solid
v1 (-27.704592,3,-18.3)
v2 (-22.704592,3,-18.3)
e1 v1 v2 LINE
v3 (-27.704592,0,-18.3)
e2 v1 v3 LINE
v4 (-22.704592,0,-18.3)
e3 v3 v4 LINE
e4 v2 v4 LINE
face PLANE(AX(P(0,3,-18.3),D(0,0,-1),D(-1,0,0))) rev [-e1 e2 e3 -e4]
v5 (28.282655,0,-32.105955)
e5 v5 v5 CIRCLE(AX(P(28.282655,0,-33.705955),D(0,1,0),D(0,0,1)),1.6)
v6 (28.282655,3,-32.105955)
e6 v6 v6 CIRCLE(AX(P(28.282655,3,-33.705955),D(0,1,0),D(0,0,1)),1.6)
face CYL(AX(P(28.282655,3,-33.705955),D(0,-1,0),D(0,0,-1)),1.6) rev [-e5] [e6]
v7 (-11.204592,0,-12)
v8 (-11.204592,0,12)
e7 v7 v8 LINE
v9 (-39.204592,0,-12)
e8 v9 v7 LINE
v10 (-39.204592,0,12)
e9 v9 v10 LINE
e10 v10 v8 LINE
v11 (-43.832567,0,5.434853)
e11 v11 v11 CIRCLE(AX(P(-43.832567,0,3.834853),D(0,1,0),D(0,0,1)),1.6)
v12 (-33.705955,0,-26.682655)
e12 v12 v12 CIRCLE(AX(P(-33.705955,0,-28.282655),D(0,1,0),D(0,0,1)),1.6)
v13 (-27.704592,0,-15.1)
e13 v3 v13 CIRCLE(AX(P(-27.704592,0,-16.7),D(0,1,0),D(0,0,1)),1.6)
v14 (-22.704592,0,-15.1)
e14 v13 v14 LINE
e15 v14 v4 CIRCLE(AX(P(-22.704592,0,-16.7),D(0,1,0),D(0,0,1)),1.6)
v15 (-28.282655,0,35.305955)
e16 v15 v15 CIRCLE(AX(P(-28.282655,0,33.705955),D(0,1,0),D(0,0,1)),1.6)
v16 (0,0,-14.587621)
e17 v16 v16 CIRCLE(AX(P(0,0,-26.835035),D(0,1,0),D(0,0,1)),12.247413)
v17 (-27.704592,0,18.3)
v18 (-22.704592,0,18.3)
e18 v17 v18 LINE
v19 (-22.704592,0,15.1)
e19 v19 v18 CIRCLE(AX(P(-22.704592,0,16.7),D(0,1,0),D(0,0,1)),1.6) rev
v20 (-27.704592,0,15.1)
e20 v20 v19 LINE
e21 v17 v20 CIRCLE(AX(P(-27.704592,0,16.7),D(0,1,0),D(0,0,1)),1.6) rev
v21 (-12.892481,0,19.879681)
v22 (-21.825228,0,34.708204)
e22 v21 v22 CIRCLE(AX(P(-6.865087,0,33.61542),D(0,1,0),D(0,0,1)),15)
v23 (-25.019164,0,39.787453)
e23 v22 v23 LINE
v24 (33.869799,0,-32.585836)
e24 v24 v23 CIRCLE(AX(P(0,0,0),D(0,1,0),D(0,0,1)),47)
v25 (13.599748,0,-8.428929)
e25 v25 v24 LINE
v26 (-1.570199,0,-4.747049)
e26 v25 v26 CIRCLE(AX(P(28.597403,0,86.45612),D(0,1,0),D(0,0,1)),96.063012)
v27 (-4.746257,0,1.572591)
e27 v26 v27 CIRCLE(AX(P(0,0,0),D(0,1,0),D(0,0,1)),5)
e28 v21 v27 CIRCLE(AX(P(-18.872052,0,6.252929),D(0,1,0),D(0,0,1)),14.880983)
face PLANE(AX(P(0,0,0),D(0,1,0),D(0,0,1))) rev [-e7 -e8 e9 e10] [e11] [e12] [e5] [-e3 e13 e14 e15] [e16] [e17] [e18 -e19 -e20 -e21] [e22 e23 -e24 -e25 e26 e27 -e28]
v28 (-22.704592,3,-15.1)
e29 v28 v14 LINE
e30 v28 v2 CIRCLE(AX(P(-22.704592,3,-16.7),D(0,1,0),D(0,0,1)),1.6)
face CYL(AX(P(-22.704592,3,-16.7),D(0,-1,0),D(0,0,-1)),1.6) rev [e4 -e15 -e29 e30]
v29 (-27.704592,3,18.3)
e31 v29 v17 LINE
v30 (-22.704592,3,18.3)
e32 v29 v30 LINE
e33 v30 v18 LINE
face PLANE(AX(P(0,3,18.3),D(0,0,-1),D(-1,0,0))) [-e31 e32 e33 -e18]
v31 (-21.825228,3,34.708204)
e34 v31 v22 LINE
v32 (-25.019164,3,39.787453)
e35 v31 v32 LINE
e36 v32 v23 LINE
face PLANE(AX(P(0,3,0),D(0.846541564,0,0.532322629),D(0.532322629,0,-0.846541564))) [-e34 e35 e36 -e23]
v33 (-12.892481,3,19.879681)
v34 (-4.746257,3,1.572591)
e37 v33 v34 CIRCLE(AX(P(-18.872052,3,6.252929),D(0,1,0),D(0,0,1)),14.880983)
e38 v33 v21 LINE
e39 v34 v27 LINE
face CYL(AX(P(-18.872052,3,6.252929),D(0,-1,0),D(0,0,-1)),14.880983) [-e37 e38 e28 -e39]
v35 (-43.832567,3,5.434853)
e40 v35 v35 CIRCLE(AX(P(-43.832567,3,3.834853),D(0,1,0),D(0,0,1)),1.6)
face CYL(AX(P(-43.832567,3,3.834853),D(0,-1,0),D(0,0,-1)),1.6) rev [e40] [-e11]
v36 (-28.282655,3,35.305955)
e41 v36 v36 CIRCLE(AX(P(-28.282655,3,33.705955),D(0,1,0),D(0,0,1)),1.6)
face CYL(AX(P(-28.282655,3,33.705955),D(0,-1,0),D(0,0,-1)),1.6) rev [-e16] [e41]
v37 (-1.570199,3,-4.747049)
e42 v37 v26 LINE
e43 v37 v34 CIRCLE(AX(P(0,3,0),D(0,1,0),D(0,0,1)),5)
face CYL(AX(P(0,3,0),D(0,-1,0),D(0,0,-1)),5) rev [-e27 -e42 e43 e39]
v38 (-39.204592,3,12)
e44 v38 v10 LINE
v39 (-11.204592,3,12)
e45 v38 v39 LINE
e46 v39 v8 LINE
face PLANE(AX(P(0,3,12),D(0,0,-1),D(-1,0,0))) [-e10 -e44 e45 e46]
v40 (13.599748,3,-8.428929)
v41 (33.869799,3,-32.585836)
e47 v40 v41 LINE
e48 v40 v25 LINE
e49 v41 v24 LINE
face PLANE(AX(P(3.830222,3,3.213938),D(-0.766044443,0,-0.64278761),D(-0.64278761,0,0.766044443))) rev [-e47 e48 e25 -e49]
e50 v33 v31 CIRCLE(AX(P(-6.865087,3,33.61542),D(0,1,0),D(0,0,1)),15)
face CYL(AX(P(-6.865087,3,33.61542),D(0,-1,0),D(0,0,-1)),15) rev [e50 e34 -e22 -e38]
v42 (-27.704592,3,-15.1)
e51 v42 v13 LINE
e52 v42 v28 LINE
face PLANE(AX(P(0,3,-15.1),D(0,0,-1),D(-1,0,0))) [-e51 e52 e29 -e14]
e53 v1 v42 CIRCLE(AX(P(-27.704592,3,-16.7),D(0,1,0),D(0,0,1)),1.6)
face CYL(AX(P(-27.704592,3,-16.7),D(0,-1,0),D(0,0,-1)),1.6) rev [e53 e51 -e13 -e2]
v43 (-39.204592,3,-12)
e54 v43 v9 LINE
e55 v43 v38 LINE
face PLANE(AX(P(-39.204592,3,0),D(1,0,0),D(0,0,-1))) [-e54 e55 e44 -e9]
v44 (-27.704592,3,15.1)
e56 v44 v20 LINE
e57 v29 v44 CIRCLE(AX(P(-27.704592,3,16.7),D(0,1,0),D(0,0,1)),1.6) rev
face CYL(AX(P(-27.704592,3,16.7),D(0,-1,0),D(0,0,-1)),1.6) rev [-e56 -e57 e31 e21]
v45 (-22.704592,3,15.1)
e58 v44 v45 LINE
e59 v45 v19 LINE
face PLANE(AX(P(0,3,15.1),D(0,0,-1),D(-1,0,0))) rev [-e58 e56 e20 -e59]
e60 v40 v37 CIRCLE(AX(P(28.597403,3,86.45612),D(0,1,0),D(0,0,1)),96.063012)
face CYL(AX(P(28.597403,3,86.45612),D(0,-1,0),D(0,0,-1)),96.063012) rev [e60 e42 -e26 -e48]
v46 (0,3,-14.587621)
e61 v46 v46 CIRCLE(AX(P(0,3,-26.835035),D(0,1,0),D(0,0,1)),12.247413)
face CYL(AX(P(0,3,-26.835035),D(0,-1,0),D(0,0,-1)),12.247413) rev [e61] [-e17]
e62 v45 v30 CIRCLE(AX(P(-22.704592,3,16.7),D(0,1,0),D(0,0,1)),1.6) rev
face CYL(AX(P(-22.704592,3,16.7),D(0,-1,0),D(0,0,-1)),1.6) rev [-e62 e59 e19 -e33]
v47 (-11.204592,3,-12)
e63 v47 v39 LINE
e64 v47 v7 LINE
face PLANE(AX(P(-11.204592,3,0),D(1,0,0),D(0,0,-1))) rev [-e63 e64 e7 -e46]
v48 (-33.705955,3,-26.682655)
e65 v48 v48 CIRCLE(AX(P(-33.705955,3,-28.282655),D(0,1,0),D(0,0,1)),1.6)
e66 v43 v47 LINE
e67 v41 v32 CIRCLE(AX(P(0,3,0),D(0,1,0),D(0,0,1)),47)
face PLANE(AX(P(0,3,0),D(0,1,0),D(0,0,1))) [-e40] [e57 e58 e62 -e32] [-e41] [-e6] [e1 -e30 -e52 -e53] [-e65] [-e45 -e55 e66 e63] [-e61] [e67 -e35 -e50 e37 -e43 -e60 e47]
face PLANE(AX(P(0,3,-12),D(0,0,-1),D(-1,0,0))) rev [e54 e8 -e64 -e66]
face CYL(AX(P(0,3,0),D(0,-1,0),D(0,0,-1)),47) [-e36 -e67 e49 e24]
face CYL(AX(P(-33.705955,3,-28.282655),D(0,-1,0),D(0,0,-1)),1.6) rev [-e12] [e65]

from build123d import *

# Parameters (mm, degrees)
SKETCH1_R           = 12.247413434
SKETCH1_R_2         = 1.6
BOSS_EXTRUDE1_DEPTH = 3


with BuildPart() as part:
    # Sketch1 → Boss-Extrude1 (new body)
    # profile 1 of 4: a face of its own
    with BuildSketch(Plane(origin=(0, 0, 0), x_dir=(1, 0, 0), z_dir=(0, 1, 0))):
        with BuildLine():
            ThreePointArc((-1.570198622, 4.747049219), (5.939862085, 6.896641641), (13.599748073, 8.42892949))
            Line((13.599748073, 8.42892949), (29.987808283, 27.959459121))
            Line((29.987808283, 27.959459121), (33.869799276, 32.585835834))
            ThreePointArc((33.869799276, 32.585835834), (30.211017655, 36.004088827), (26.209354845, 39.013711931))
            Line((26.209354845, 39.013711931), (22.327363852, 34.387335218))
            ThreePointArc((22.327363852, 34.387335218), (-14.018145326, 38.529100711), (-39.204591568, 12))
            Line((-39.204591568, 12), (-11.204591568, 12))
            Line((-11.204591568, 12), (-11.204591568, -12))
            Line((-11.204591568, -12), (-39.204591568, -12))
            ThreePointArc((-39.204591568, -12), (-32.558798287, -24.918359779), (-21.825227783, -34.708204106))
            ThreePointArc((-21.825227783, -34.708204106), (-19.713839088, -25.875293038), (-12.892481496, -19.879681247))
            ThreePointArc((-12.892481496, -19.879681247), (-5.276324008, -12.302707641), (-4.746257371, -1.572590527))
            ThreePointArc((-4.746257371, -1.572590527), (-4.467534634, 2.245247045), (-1.570198622, 4.747049219))
        make_face()
        with BuildLine():
            Line((-22.704591568, -18.3), (-27.704591568, -18.3))
            ThreePointArc((-27.704591568, -18.3), (-29.304591568, -16.7), (-27.704591568, -15.1))
            Line((-27.704591568, -15.1), (-22.704591568, -15.1))
            ThreePointArc((-22.704591568, -15.1), (-21.104591568, -16.7), (-22.704591568, -18.3))
        make_face(mode=Mode.SUBTRACT)
        with BuildLine():
            ThreePointArc((-27.704591568, 15.1), (-29.304591568, 16.7), (-27.704591568, 18.3))
            Line((-27.704591568, 18.3), (-22.704591568, 18.3))
            ThreePointArc((-22.704591568, 18.3), (-21.104591568, 16.7), (-22.704591568, 15.1))
            Line((-22.704591568, 15.1), (-27.704591568, 15.1))
        make_face(mode=Mode.SUBTRACT)
        with Locations(Location((0, 26.835034763, 0), (0, 0, 270))):
            Circle(SKETCH1_R, mode=Mode.SUBTRACT)
        with Locations(Location((28.282654826, 33.705955497, 0), (0, 0, 270))):
            Circle(SKETCH1_R_2, mode=Mode.SUBTRACT)
    # profile 2 of 4: a face of its own
    with BuildSketch(Plane(origin=(0, 0, 0), x_dir=(1, 0, 0), z_dir=(0, 1, 0))):
        with BuildLine():
            Line((-25.019163556, -39.787453487), (-21.825227783, -34.708204106))
            ThreePointArc((-21.825227783, -34.708204106), (-32.558798287, -24.918359779), (-39.204591568, -12))
            ThreePointArc((-39.204591568, -12), (-41, 0), (-39.204591568, 12))
            ThreePointArc((-39.204591568, 12), (-14.018145326, 38.529100711), (22.327363852, 34.387335218))
            Line((22.327363852, 34.387335218), (26.209354845, 39.013711931))
            ThreePointArc((26.209354845, 39.013711931), (-39.405076534, 25.617180629), (-25.019163556, -39.787453487))
        make_face()
        with Locations(Location((-28.282654826, -33.705955497, 0), (0, 0, 270))):
            Circle(SKETCH1_R_2, mode=Mode.SUBTRACT)
        with Locations(Location((-43.832566716, -3.834852681, 0), (0, 0, 270))):
            Circle(SKETCH1_R_2, mode=Mode.SUBTRACT)
        with Locations(Location((-33.705955497, 28.282654826, 0), (0, 0, 270))):
            Circle(SKETCH1_R_2, mode=Mode.SUBTRACT)
    # profile 3 of 4: a face of its own
    with BuildSketch(Plane(origin=(0, 0, 0), x_dir=(1, 0, 0), z_dir=(0, 1, 0))):
        with BuildLine():
            ThreePointArc((-39.204591568, 12), (-41, 0), (-39.204591568, -12))
            Line((-39.204591568, -12), (-39.204591568, 12))
        make_face()
    # profile 4 of 4: a face of its own
    with BuildSketch(Plane(origin=(0, 0, 0), x_dir=(1, 0, 0), z_dir=(0, 1, 0))):
        with BuildLine():
            ThreePointArc((-1.570198622, 4.747049219), (5.939862085, 6.896641641), (13.599748073, 8.42892949))
            Line((13.599748073, 8.42892949), (29.987808283, 27.959459121))
            Line((29.987808283, 27.959459121), (33.869799276, 32.585835834))
            ThreePointArc((33.869799276, 32.585835834), (30.211017655, 36.004088827), (26.209354845, 39.013711931))
            Line((26.209354845, 39.013711931), (22.327363852, 34.387335218))
            ThreePointArc((22.327363852, 34.387335218), (-14.018145326, 38.529100711), (-39.204591568, 12))
            Line((-39.204591568, 12), (-11.204591568, 12))
            Line((-11.204591568, 12), (-11.204591568, -12))
            Line((-11.204591568, -12), (-39.204591568, -12))
            ThreePointArc((-39.204591568, -12), (-32.558798287, -24.918359779), (-21.825227783, -34.708204106))
            ThreePointArc((-21.825227783, -34.708204106), (-19.713839088, -25.875293038), (-12.892481496, -19.879681247))
            ThreePointArc((-12.892481496, -19.879681247), (-5.276324008, -12.302707641), (-4.746257371, -1.572590527))
            ThreePointArc((-4.746257371, -1.572590527), (-4.467534634, 2.245247045), (-1.570198622, 4.747049219))
        make_face()
        with BuildLine():
            Line((-22.704591568, -18.3), (-27.704591568, -18.3))
            ThreePointArc((-27.704591568, -18.3), (-29.304591568, -16.7), (-27.704591568, -15.1))
            Line((-27.704591568, -15.1), (-22.704591568, -15.1))
            ThreePointArc((-22.704591568, -15.1), (-21.104591568, -16.7), (-22.704591568, -18.3))
        make_face(mode=Mode.SUBTRACT)
        with BuildLine():
            ThreePointArc((-27.704591568, 15.1), (-29.304591568, 16.7), (-27.704591568, 18.3))
            Line((-27.704591568, 18.3), (-22.704591568, 18.3))
            ThreePointArc((-22.704591568, 18.3), (-21.104591568, 16.7), (-22.704591568, 15.1))
            Line((-22.704591568, 15.1), (-27.704591568, 15.1))
        make_face(mode=Mode.SUBTRACT)
        with Locations(Location((0, 26.835034763, 0), (0, 0, 270))):
            Circle(SKETCH1_R, mode=Mode.SUBTRACT)
        with Locations(Location((28.282654826, 33.705955497, 0), (0, 0, 270))):
            Circle(SKETCH1_R_2, mode=Mode.SUBTRACT)
    extrude(amount=BOSS_EXTRUDE1_DEPTH)


solid = part.part
